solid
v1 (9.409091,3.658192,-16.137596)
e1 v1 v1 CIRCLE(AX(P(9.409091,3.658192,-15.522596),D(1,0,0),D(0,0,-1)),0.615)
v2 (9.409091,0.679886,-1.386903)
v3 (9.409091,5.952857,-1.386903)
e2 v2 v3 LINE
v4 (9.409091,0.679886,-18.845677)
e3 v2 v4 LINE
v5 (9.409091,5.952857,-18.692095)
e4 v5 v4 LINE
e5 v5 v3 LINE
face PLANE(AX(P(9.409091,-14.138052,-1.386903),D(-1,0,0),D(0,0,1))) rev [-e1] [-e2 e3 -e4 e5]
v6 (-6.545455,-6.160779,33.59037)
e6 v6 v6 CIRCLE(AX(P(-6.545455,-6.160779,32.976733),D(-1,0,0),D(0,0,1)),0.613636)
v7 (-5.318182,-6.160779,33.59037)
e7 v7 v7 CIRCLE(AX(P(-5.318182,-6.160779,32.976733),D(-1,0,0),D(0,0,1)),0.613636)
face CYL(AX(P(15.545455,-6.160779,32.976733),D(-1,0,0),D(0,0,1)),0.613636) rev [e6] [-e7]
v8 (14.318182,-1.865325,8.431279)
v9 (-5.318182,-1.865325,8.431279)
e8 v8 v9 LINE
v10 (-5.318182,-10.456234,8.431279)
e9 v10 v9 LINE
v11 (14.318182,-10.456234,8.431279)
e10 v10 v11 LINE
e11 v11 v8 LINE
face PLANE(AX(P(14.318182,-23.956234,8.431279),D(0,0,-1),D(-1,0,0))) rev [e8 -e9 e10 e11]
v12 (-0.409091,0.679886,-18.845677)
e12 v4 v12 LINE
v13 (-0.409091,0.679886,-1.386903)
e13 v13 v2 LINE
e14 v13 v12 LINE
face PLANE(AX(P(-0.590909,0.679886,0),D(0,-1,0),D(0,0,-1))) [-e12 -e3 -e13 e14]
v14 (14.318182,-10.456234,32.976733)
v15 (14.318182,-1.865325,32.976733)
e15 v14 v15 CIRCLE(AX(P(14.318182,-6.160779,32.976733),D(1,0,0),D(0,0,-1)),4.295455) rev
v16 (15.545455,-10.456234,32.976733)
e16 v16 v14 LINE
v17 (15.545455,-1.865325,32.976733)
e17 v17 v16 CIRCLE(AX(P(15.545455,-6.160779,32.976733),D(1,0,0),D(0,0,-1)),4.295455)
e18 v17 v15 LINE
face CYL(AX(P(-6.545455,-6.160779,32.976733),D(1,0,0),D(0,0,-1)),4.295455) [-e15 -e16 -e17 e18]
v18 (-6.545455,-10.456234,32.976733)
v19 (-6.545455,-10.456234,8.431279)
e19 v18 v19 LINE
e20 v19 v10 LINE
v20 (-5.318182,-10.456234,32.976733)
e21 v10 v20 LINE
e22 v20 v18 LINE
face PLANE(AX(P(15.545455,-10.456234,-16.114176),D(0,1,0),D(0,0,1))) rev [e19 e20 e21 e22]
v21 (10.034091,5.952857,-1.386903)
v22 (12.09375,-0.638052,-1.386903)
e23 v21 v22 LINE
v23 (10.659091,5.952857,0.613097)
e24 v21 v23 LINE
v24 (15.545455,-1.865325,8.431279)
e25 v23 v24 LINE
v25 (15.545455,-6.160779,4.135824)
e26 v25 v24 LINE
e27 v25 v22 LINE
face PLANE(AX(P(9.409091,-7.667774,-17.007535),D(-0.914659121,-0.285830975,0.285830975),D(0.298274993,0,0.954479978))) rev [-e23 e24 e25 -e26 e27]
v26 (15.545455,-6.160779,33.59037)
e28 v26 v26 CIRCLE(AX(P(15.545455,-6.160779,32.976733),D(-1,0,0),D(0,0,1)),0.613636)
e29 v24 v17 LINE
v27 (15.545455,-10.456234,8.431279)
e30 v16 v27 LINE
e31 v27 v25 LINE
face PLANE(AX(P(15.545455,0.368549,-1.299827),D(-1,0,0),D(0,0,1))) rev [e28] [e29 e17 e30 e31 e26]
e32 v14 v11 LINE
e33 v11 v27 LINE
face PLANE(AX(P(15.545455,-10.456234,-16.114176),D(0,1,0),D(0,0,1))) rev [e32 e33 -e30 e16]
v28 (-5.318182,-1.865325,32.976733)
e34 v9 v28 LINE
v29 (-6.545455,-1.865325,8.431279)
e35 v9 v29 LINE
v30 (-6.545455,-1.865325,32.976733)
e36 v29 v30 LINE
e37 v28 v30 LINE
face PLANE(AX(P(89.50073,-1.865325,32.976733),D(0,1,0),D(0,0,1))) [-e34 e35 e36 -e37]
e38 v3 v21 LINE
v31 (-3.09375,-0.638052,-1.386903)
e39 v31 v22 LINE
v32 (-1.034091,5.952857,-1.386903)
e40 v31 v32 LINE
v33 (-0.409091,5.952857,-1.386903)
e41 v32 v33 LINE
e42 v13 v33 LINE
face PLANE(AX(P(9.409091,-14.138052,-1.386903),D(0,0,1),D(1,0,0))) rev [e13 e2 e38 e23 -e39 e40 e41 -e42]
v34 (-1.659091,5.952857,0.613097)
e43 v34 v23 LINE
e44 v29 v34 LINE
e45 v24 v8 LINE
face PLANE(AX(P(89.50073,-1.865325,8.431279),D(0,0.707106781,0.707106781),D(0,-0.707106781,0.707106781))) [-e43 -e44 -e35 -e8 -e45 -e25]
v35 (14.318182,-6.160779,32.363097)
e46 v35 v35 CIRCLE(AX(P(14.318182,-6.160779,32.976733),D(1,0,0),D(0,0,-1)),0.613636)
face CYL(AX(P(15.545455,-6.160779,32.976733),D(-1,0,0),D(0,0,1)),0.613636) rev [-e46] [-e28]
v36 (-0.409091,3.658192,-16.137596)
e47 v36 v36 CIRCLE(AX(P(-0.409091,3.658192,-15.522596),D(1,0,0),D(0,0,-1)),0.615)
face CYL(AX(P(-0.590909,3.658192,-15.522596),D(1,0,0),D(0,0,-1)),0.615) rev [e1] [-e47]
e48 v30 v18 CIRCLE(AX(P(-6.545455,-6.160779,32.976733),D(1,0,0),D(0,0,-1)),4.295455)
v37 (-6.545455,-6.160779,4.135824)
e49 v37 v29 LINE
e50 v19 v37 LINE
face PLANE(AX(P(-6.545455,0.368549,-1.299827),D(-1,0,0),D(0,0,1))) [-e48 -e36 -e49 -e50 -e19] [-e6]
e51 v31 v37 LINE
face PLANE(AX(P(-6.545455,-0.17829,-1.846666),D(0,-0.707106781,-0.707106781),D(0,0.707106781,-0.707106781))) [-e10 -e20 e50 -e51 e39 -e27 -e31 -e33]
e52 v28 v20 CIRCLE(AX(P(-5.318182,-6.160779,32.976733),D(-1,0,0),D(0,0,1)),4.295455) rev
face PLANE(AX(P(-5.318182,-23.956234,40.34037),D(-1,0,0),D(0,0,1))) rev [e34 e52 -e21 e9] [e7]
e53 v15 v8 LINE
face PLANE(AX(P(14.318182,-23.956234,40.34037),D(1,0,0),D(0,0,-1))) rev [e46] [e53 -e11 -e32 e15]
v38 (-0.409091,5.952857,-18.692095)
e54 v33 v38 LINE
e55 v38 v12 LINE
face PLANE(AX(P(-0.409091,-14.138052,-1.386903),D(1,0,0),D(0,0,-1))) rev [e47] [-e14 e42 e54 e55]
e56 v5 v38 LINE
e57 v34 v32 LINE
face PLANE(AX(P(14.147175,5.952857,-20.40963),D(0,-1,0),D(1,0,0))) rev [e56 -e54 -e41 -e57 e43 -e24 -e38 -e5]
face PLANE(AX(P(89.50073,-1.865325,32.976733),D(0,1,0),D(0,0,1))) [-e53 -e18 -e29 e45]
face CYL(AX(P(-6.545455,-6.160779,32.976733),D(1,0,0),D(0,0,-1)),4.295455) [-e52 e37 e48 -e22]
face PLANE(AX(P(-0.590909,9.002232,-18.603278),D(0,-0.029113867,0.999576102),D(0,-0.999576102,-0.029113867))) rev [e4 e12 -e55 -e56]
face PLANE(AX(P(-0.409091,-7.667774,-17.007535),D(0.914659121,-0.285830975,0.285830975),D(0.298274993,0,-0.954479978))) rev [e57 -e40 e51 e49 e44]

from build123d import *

# Parameters (mm, degrees)
SKETCH_1_W               = 20
SKETCH_1_H               = 10
EXTRUDE_1_DEPTH          = 9
CUT_EXTRUDE_3_DEPTH      = 9
CUT_EXTRUDE_4_DEPTH      = 18.52868966
CUT_EXTRUDE_4_DEPTH_BACK = 9
EXTRUDE_2_DEPTH          = 9
EXTRUDE_3_DEPTH          = 9
SKETCH_10_W              = 8
SKETCH_10_H              = 13
CUT_EXTRUDE_5_DEPTH      = 9
SKETCH_12_W              = 2.5
SKETCH_12_H              = 12
CUT_EXTRUDE_6_DEPTH      = 9
SKETCH_13_W              = 2.5
SKETCH_13_H              = 7.75
CUT_EXTRUDE_7_DEPTH      = 9
CUT_EXTRUDE_8_DEPTH      = 9
CUT_EXTRUDE_9_DEPTH      = 9
SKETCH_26_R              = 0.25
CUT_EXTRUDE_16_DEPTH     = 19.638541659
SCALE_1_SCALE            = 2.454545455
SKETCH_29_W              = 19.36913475
SKETCH_29_H              = 8.233667945
CUT_EXTRUDE_17_DEPTH     = 35.391743647
CUT_EXTRUDE_18_DEPTH     = 10
SKETCH_34_R              = 0.615
CUT_EXTRUDE_19_DEPTH     = 10
CUT_EXTRUDE_20_DEPTH     = 10


with BuildPart() as part:
    # 草图1 → 凸台-拉伸1 (new body)
    with BuildSketch(Plane(origin=(0, 0, 0), x_dir=(0, 0, -1), z_dir=(1, 0, 0))):
        with Locations((-3.964524465, 0.58990319)):
            Rectangle(SKETCH_1_W, SKETCH_1_H)
    extrude(amount=EXTRUDE_1_DEPTH)

    # 草图2 → 切除-拉伸3 (cut)
    with BuildSketch(Plane(origin=(9, 0, 0), x_dir=(0, 0, -1), z_dir=(1, 0, 0))):
        Polygon((0.035475535, -0.41009681), (-3.964524465, -4.41009681), (6.035475535, -4.41009681), (6.035475535, -0.410096535), align=None)
    extrude(amount=-CUT_EXTRUDE_3_DEPTH, mode=Mode.SUBTRACT)

    # 草图6 → 切除-拉伸4 (cut, two sides: drawn at the far end of the back side and taken through both)
    with BuildSketch(Plane(origin=(9, 0, 0), x_dir=(0, 0, -1), z_dir=(1, 0, 0)).offset(-CUT_EXTRUDE_4_DEPTH_BACK)):
        Polygon((-66.684543288, -0.910096672), (-13.964524465, -0.910096672), (-3.964524465, -0.910096672), (0.035475535, 3.089903328), (6.035475535, 3.089903328), (58.755494358, 3.089903328), (55.394957379, 108.476374614), (-70.045080267, 104.476374614), align=None)
    extrude(amount=CUT_EXTRUDE_4_DEPTH + CUT_EXTRUDE_4_DEPTH_BACK, mode=Mode.SUBTRACT)

    # 草图8 → 凸台-拉伸2 (add)
    with BuildSketch(Plane(origin=(9, 0, 0), x_dir=(0, 0, -1), z_dir=(1, 0, 0))):
        with BuildLine():
            Line((-13.964524465, -4.41009681), (-13.964524465, -0.910096672))
            ThreePointArc((-13.964524465, -0.910096672), (-15.714524534, -2.660096741), (-13.964524465, -4.41009681))
        make_face()
    extrude(amount=-EXTRUDE_2_DEPTH)

    # 草图9 → 凸台-拉伸3 (add)
    with BuildSketch(Plane(origin=(9, 0, 0), x_dir=(0, 0, -1), z_dir=(1, 0, 0))):
        with BuildLine():
            Line((6.035475535, -0.410096672), (6.035475535, 3.089903328))
            ThreePointArc((6.035475535, 3.089903328), (7.785475535, 1.339903328), (6.035475535, -0.410096672))
        make_face()
    extrude(amount=-EXTRUDE_3_DEPTH)

    # 草图10 → 切除-拉伸5 (cut)
    with BuildSketch(Plane(origin=(0, -0.910096672, 0), x_dir=(1, 0, 0), z_dir=(0, 1, 0))):
        with Locations((4.5, -10.464524465)):
            Rectangle(SKETCH_10_W, SKETCH_10_H)
    extrude(amount=-CUT_EXTRUDE_5_DEPTH, mode=Mode.SUBTRACT)

    # 草图12 → 切除-拉伸6 (cut)
    with BuildSketch(Plane(origin=(0, 3.089903328, 0), x_dir=(1, 0, 0), z_dir=(0, 1, 0))):
        with Locations((7.75, 6.035475535)):
            Rectangle(SKETCH_12_W, SKETCH_12_H)
    extrude(amount=-CUT_EXTRUDE_6_DEPTH, mode=Mode.SUBTRACT)

    # 草图13 → 切除-拉伸7 (cut)
    with BuildSketch(Plane(origin=(0, 3.089903328, 0), x_dir=(1, 0, 0), z_dir=(0, 1, 0))):
        with Locations((1.25, 3.910475535)):
            Rectangle(SKETCH_13_W, SKETCH_13_H)
    extrude(amount=-CUT_EXTRUDE_7_DEPTH, mode=Mode.SUBTRACT)

    # 草图14 → 切除-拉伸8 (cut)
    with BuildSketch(Plane(origin=(0, 1.527213896, 1.527213896), x_dir=(1, 0, 0), z_dir=(0, 0.7071067811865477, 0.7071067811865475))):
        Polygon((2.5, 2.209976588), (0, -3.446877662), (-6.872938914, -0.617067375), (-4.372938914, 5.039786874), align=None)
    extrude(amount=-CUT_EXTRUDE_8_DEPTH, mode=Mode.SUBTRACT)

    # 草图15 → 切除-拉伸9 (cut)
    with BuildSketch(Plane(origin=(0, 1.527213896, 1.527213896), x_dir=(1, 0, 0), z_dir=(0, 0.7071067811865477, 0.7071067811865475))):
        Polygon((6.5, 2.209976588), (9, -3.446877662), (12.673354488, 0), (10.173354488, 5.656854249), align=None)
    extrude(amount=-CUT_EXTRUDE_9_DEPTH, mode=Mode.SUBTRACT)

    # 草图26 → 切除-拉伸16 (cut, through all)
    with BuildSketch(Plane.ZY):
        with Locations((13.964524465, -2.660096741)):
            Circle(SKETCH_26_R)
    extrude(amount=-CUT_EXTRUDE_16_DEPTH, mode=Mode.SUBTRACT)


with BuildPart() as part_1:
    # 缩放比例1: scaled about (4.5, -0.253377538, 0.893630972)
    add(part.part.scale(SCALE_1_SCALE).moved(Location((-6.545454545, 0.368549146, -1.299826868))))

    # 草图29 → 切除-拉伸17 (cut, through all)
    with BuildSketch(Plane.XY.offset(8.431278652)):
        with Locations((4.462607848, 10.069691287)):
            Rectangle(SKETCH_29_W, SKETCH_29_H)
    extrude(amount=-CUT_EXTRUDE_17_DEPTH, mode=Mode.SUBTRACT)

    # 草图31 → 切除-拉伸18 (cut)
    with BuildSketch(Plane(origin=(9.409090909, 0, 0), x_dir=(0, 0, -1), z_dir=(1, 0, 0))):
        with BuildLine():
            Line((19.210193521, 0.679886253), (1.386903166, 0.679886253))
            Line((1.386903166, 0.679886253), (1.386903166, -0.638052115))
            Line((1.386903166, -0.638052115), (16.114175893, -0.638051777))
            ThreePointArc((16.114175893, -0.638051777), (17.796606115, -0.29485713), (19.210193521, 0.679886253))
        make_face()
    extrude(amount=-CUT_EXTRUDE_18_DEPTH, mode=Mode.SUBTRACT)

    # 草图34 → 切除-拉伸19 (cut)
    with BuildSketch(Plane(origin=(9.409090909, 0, 0), x_dir=(0, 0, -1), z_dir=(1, 0, 0))):
        with Locations((15.522596163, 3.658191587)):
            Circle(SKETCH_34_R)
    extrude(amount=-CUT_EXTRUDE_19_DEPTH, mode=Mode.SUBTRACT)

    # 草图35 → 切除-拉伸20 (cut)
    with BuildSketch(Plane(origin=(9.409090909, 0, 0), x_dir=(0, 0, -1), z_dir=(1, 0, 0))):
        Polygon((18.603278237, 9.002231919), (19.169117802, -10.424926464), (26.96512958, -9.984829025), (26.399290016, 9.442329358), align=None)
    extrude(amount=-CUT_EXTRUDE_20_DEPTH, mode=Mode.SUBTRACT)


solid = part_1.part
